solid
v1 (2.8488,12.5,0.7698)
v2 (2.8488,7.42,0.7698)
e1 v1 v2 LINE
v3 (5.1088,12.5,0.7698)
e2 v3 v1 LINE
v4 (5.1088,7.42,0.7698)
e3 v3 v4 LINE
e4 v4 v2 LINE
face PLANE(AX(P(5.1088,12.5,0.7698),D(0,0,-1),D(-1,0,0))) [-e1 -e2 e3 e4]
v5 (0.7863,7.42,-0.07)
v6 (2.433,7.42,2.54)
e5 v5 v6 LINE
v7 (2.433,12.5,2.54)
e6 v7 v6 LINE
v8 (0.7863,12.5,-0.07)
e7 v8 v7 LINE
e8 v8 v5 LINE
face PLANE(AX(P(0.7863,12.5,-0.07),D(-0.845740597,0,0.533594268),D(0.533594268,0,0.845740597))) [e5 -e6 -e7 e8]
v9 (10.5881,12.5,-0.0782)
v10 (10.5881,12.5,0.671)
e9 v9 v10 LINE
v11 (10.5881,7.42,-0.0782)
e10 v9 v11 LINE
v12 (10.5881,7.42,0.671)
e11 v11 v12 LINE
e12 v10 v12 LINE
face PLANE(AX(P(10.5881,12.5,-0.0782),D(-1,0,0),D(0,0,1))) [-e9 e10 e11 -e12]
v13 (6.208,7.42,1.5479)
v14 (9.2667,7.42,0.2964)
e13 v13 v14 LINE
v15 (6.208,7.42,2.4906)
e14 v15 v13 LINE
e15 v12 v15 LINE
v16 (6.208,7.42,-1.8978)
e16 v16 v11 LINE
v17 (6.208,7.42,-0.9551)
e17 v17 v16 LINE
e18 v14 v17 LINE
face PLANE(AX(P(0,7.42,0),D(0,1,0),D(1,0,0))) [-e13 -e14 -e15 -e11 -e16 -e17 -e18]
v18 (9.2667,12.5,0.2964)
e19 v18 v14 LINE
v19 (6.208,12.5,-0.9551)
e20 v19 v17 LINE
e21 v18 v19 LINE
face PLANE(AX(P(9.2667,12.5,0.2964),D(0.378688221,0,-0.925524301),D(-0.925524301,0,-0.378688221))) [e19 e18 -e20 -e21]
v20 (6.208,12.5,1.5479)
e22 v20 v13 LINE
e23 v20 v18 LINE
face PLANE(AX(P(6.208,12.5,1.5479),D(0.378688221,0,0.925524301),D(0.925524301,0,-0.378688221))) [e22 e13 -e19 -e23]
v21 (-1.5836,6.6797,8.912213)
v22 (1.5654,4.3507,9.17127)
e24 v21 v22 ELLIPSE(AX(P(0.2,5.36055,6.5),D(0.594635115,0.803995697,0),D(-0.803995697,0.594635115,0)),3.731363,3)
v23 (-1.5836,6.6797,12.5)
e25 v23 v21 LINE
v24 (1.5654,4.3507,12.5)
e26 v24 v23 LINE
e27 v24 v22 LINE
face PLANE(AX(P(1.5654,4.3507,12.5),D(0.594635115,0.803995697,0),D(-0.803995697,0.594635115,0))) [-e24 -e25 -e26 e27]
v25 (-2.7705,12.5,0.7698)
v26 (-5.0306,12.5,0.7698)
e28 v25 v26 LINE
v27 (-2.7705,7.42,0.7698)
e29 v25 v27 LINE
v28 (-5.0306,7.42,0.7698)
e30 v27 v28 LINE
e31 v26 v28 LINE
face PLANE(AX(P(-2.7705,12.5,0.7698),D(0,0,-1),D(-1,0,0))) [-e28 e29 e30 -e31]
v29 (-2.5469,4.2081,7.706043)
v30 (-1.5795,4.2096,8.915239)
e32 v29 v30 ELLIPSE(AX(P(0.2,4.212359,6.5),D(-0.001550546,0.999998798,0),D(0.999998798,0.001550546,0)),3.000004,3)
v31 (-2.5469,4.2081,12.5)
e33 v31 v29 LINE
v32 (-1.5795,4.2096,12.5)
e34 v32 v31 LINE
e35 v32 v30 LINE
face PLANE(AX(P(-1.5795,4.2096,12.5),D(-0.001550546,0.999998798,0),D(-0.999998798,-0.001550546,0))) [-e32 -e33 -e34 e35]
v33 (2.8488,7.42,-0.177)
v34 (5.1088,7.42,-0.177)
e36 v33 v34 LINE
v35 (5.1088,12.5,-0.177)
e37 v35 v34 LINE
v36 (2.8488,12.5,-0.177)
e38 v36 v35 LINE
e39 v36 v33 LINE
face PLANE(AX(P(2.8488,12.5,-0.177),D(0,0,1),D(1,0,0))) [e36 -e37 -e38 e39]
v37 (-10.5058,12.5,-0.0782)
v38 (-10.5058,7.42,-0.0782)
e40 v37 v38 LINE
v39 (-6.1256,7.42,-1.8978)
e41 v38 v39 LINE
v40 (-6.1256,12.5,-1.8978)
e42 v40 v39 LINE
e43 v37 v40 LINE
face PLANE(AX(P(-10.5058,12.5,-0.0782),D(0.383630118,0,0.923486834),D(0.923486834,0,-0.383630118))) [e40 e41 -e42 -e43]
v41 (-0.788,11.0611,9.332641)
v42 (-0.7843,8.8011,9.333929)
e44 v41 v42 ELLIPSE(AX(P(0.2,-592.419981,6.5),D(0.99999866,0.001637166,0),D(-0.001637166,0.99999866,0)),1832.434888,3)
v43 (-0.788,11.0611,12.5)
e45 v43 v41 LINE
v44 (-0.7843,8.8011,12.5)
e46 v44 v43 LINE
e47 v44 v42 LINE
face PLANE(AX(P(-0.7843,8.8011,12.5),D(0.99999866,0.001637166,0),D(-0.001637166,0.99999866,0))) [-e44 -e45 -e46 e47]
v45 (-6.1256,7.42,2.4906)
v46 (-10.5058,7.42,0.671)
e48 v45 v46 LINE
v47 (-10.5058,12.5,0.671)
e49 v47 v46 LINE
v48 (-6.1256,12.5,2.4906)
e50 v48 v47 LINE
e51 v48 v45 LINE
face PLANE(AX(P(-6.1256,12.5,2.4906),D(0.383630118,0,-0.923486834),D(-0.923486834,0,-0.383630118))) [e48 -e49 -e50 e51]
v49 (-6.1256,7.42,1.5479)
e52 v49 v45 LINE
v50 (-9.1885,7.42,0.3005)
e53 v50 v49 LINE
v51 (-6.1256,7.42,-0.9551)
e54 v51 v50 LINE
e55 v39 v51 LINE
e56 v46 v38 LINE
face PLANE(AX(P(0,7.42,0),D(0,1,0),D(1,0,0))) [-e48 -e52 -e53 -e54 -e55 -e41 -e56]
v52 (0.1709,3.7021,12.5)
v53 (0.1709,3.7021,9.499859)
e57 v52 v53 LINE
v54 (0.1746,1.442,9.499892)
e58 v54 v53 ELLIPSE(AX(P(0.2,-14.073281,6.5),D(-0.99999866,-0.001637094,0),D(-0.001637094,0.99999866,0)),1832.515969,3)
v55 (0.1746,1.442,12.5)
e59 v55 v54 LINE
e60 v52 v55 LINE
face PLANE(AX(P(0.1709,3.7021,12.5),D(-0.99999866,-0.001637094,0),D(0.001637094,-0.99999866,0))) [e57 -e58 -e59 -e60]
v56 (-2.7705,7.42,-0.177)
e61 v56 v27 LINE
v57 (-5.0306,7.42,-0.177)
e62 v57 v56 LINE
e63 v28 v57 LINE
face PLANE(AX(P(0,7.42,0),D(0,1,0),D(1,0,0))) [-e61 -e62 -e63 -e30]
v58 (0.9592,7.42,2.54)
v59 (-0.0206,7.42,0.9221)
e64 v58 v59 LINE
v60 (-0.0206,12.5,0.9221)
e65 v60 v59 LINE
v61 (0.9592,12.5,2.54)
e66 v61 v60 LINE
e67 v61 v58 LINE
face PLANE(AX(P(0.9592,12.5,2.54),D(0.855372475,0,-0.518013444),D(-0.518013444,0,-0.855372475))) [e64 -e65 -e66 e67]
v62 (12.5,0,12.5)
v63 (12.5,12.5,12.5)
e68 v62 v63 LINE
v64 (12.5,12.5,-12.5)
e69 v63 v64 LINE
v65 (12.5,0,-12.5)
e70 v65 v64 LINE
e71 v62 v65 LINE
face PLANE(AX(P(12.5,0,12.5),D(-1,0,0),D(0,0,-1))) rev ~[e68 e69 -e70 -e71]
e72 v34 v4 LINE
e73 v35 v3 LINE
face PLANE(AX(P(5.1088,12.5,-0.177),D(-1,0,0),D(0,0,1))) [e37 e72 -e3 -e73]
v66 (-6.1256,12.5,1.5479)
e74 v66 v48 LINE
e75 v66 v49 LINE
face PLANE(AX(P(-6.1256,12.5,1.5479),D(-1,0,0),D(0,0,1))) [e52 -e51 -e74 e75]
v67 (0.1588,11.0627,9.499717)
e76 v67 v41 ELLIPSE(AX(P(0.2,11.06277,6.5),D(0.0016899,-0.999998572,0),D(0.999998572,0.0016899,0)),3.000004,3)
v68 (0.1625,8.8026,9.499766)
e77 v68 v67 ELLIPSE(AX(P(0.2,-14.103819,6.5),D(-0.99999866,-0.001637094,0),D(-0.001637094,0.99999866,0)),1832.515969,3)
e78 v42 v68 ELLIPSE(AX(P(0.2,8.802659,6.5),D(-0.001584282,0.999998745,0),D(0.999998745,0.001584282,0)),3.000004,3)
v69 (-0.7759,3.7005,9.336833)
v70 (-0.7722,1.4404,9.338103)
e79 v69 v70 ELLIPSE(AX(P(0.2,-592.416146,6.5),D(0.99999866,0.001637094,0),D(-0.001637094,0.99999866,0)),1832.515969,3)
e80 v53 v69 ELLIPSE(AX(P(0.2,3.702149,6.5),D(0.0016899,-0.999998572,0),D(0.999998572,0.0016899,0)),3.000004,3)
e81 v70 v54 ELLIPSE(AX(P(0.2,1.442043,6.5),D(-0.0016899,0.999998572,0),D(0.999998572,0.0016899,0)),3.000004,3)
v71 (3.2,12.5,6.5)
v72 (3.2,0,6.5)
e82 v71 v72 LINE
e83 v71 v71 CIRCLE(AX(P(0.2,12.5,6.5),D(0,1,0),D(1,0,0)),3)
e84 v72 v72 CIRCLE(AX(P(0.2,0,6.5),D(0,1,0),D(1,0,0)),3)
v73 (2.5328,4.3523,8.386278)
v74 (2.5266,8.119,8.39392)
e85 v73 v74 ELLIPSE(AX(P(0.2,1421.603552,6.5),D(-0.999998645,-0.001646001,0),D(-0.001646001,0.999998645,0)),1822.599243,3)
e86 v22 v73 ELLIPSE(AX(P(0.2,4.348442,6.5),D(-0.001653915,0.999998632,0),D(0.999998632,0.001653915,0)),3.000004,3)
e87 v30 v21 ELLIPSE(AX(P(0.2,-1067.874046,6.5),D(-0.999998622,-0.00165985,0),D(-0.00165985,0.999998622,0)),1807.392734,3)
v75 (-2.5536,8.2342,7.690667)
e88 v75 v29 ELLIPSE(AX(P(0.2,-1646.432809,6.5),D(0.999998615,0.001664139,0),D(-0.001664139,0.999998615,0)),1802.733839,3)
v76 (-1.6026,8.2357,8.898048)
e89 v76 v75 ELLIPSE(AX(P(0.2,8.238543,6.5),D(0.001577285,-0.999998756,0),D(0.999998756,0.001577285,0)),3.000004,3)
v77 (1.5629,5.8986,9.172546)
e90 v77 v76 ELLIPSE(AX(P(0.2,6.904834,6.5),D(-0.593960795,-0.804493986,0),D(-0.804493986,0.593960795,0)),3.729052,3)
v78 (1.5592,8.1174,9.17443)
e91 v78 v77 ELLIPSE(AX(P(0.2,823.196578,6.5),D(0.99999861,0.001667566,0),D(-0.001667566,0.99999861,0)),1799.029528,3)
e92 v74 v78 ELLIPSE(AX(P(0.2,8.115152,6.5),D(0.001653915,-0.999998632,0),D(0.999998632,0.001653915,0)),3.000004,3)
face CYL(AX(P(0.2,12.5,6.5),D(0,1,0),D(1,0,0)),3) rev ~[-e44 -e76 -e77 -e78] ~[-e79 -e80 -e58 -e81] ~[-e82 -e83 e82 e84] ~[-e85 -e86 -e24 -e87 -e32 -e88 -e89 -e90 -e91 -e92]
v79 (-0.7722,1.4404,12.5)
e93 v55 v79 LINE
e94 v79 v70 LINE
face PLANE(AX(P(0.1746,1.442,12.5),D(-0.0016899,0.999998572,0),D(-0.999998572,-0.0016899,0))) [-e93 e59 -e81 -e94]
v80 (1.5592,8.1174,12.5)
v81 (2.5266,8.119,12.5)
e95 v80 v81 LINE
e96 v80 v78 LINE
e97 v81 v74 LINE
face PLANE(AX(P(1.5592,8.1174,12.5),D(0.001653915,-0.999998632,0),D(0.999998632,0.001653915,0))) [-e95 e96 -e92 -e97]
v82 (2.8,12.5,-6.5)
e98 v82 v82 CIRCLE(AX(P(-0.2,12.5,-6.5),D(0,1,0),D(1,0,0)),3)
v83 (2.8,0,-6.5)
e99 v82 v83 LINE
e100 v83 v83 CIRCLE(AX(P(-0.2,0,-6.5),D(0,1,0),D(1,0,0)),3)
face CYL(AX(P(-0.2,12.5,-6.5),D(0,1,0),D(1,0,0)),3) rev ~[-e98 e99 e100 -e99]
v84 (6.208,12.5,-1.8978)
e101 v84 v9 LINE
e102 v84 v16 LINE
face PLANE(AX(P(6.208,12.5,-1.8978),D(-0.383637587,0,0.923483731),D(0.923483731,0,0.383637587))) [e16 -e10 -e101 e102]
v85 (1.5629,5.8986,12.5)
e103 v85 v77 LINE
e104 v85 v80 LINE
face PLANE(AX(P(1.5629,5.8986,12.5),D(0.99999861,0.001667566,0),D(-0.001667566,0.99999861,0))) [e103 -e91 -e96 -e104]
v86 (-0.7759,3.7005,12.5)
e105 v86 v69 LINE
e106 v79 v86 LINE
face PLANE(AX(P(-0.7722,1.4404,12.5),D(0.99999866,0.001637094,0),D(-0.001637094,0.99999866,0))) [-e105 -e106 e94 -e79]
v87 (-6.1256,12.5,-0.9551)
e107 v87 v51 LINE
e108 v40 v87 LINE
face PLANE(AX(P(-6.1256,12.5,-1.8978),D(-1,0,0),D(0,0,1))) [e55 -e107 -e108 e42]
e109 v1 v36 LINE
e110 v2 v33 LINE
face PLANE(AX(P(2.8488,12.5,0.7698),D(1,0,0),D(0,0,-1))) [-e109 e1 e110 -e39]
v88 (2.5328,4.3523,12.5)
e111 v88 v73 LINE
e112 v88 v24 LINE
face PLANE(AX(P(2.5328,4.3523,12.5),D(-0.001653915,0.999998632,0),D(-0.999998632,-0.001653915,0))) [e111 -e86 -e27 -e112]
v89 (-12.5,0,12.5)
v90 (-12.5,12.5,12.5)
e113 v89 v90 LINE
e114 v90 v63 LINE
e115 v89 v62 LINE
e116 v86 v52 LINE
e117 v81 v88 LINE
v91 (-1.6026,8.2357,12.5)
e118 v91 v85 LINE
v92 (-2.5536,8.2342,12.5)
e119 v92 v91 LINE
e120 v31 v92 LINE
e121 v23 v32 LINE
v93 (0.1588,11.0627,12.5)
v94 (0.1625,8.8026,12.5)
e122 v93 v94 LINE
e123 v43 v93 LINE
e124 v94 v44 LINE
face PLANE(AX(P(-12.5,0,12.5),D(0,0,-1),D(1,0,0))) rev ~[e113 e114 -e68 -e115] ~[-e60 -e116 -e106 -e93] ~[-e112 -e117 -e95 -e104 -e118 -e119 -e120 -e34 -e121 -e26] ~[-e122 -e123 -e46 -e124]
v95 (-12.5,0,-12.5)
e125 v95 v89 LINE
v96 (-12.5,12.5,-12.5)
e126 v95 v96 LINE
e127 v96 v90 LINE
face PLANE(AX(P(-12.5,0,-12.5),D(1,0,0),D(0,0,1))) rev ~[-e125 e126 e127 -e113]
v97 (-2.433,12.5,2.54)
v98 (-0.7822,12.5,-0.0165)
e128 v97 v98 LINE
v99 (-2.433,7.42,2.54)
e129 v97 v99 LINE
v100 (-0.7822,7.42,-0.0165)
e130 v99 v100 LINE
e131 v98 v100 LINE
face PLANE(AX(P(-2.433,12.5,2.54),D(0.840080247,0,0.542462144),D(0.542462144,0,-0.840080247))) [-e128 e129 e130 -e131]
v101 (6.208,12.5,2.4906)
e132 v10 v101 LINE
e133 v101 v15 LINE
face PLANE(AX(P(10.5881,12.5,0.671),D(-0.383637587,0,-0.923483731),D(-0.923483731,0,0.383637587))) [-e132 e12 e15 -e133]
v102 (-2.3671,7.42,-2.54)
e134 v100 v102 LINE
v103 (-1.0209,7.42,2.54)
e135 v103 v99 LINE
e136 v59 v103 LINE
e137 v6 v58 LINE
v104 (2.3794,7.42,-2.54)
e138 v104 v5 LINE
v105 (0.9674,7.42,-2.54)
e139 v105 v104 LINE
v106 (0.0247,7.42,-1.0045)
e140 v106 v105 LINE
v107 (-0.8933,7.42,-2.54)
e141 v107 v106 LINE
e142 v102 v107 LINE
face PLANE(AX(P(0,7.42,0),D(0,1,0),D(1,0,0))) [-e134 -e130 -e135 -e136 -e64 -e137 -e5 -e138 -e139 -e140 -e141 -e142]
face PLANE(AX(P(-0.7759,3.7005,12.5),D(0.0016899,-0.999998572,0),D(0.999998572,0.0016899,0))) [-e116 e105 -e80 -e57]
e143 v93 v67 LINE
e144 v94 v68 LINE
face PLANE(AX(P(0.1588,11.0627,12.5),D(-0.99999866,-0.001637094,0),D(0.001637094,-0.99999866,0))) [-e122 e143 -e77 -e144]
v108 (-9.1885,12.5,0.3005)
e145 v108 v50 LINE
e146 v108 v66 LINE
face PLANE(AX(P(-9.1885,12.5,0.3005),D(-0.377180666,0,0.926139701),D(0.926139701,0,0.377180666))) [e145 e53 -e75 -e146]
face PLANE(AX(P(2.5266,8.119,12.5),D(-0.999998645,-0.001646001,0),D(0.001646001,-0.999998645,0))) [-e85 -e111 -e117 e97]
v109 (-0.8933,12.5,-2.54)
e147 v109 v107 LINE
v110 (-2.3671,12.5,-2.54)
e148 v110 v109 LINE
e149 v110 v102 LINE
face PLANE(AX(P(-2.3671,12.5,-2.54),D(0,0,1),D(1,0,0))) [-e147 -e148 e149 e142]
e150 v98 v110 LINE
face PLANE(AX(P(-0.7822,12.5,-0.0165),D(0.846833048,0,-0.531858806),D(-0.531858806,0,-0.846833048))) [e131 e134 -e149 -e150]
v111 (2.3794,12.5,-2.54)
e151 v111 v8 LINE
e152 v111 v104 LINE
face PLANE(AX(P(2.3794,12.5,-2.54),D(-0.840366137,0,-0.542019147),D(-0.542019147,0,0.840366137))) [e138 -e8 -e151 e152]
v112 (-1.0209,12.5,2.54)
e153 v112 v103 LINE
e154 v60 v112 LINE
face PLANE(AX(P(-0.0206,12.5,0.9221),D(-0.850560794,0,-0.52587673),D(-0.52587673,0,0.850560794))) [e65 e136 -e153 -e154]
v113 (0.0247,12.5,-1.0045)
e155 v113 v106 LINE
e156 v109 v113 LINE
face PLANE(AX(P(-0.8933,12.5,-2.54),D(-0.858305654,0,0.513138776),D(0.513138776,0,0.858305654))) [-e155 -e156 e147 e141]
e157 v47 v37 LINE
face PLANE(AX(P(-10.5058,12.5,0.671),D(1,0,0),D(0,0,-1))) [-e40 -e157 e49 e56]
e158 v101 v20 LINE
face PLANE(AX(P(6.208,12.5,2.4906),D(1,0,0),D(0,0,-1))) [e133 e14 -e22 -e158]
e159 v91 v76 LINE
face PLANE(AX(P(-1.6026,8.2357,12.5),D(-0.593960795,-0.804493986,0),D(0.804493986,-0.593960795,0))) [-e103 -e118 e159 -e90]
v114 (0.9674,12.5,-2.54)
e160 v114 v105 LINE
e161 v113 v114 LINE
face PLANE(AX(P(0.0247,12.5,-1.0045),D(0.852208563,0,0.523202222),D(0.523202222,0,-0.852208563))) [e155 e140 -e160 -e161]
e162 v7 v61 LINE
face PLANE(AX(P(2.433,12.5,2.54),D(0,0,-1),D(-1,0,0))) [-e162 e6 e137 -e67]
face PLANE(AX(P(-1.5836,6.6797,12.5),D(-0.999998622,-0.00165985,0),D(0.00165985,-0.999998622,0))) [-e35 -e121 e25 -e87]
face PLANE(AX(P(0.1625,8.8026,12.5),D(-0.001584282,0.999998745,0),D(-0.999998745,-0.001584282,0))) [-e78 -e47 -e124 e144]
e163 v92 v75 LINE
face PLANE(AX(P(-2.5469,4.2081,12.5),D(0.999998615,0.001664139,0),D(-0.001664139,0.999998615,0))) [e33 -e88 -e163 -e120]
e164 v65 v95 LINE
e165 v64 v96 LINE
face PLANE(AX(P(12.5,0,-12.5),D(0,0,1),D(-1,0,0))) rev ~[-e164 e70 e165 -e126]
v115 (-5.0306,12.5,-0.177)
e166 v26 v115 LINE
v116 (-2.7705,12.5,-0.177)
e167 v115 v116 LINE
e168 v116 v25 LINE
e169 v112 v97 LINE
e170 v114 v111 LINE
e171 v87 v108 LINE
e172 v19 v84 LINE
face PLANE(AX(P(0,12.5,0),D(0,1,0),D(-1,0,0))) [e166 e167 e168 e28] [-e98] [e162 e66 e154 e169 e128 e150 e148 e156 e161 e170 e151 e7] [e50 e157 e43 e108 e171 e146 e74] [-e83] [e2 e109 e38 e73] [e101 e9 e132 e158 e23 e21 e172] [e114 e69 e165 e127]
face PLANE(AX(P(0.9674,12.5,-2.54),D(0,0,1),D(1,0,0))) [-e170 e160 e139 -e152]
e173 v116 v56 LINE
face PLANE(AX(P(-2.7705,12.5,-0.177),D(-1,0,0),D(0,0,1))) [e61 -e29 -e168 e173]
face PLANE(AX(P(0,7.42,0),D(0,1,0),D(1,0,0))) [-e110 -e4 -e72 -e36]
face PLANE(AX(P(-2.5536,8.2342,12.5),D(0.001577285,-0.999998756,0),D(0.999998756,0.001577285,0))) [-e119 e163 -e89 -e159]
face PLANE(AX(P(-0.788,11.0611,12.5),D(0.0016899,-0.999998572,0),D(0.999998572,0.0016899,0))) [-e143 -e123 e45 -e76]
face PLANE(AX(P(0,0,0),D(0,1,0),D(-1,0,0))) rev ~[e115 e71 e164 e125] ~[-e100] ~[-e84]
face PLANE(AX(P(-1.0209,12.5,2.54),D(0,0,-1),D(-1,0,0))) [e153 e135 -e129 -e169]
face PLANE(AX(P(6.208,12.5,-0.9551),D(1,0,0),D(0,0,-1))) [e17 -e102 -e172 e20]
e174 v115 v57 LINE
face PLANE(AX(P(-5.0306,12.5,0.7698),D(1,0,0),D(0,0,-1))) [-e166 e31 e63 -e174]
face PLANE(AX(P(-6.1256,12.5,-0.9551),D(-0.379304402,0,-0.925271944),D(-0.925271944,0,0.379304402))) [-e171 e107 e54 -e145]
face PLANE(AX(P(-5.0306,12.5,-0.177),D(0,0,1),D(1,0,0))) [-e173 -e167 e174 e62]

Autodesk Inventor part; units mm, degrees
ref_plane "YZ Plane" through (0, 0, 0) normal (1, 0, 0) x (0, 1, 0)
ref_plane "XZ Plane" through (0, 0, 0) normal (0, 1, 0) x (-1, 0, 0)
ref_plane "XY Plane" through (0, 0, 0) normal (0, 0, 1) x (1, 0, 0)
sketch "Sketch1" plane through (0, 0, 0) normal (0, 1, 0) x (-1, 0, 0)
  line L0 (12.5, 12.5) -> (-12.5, 12.5)
  line L1 (-12.5, 12.5) -> (-12.5, -12.5)
  line L2 (-12.5, -12.5) -> (12.5, -12.5)
  line L3 (12.5, -12.5) -> (12.5, 12.5)
  line L4 (12.5, 12.5) -> (-12.5, -12.5) construction
  line L5 (-12.5, 12.5) -> (12.5, -12.5) construction
  point P0 (0, 0)
  dimension "d0" = 25
  dimension "d1" = 25
extrude "Extrusion1" add sketch "Sketch1" along normal blind 12.5
sketch "Sketch2" plane through (0, 12.5, 0) normal (0, 1, 0) x (1, 0, 0)
  line L0 (-12.5, 12.5) -> (-12.5, -12.5) construction
  line L1 (-12.5, 0) -> (12.5, 0) construction
  line L2 (12.5, -12.5) -> (12.5, 12.5) construction
  line L3 (-6.1256, -2.4906) -> (-10.5058, -0.671)
  line L4 (-10.5058, -0.671) -> (-10.5058, 0.0782)
  line L5 (-10.5058, 0.0782) -> (-6.1256, 1.8978)
  line L6 (-6.1256, 1.8978) -> (-6.1256, 0.9551)
  line L7 (-6.1256, 0.9551) -> (-9.1885, -0.3005)
  line L8 (-9.1885, -0.3005) -> (-6.1256, -1.5479)
  line L9 (-6.1256, -1.5479) -> (-6.1256, -2.4906)
  line L10 (-2.7705, -0.7698) -> (-5.0306, -0.7698)
  line L11 (-5.0306, -0.7698) -> (-5.0306, 0.177)
  line L12 (-5.0306, 0.177) -> (-2.7705, 0.177)
  line L13 (-2.7705, 0.177) -> (-2.7705, -0.7698)
  line L14 (2.433, -2.54) -> (0.9592, -2.54)
  line L15 (0.9592, -2.54) -> (-0.0206, -0.9221)
  line L16 (-0.0206, -0.9221) -> (-1.0209, -2.54)
  line L17 (-1.0209, -2.54) -> (-2.433, -2.54)
  line L18 (-2.433, -2.54) -> (-0.7822, 0.0165)
  line L19 (-0.7822, 0.0165) -> (-2.3671, 2.54)
  line L20 (-2.3671, 2.54) -> (-0.8933, 2.54)
  line L21 (-0.8933, 2.54) -> (0.0247, 1.0045)
  line L22 (0.0247, 1.0045) -> (0.9674, 2.54)
  line L23 (0.9674, 2.54) -> (2.3794, 2.54)
  line L24 (2.3794, 2.54) -> (0.7863, 0.07)
  line L25 (0.7863, 0.07) -> (2.433, -2.54)
  line L26 (5.1088, -0.7698) -> (2.8488, -0.7698)
  line L27 (2.8488, -0.7698) -> (2.8488, 0.177)
  line L28 (2.8488, 0.177) -> (5.1088, 0.177)
  line L29 (5.1088, 0.177) -> (5.1088, -0.7698)
  line L30 (10.5881, -0.671) -> (6.208, -2.4906)
  line L31 (6.208, -2.4906) -> (6.208, -1.5479)
  line L32 (6.208, -1.5479) -> (9.2667, -0.2964)
  line L33 (9.2667, -0.2964) -> (6.208, 0.9551)
  line L34 (6.208, 0.9551) -> (6.208, 1.8978)
  line L35 (6.208, 1.8978) -> (10.5881, 0.0782)
  line L36 (10.5881, 0.0782) -> (10.5881, -0.671)
  point P0 (0, 0)
extrude "Extrusion2" cut sketch "Sketch2" against normal blind 5.08
sketch "Sketch3" plane through (-12.5, 0, 12.5) normal (0, 0, 1) x (1, 0, 0)
  line L0 (12.4794, 12.5) -> (11.4791, 12.5) construction
  line L1 (12.5, 0) -> (12.4794, 12.5) construction
  line L2 (11.7157, 8.8011) -> (11.712, 11.0611)
  line L3 (11.712, 11.0611) -> (12.6588, 11.0627)
  line L4 (12.6588, 11.0627) -> (12.6625, 8.8026)
  line L5 (12.6625, 8.8026) -> (11.7157, 8.8011)
  line L6 (9.9531, 4.2081) -> (9.9464, 8.2342)
  line L7 (9.9464, 8.2342) -> (10.8974, 8.2357)
  line L8 (10.8974, 8.2357) -> (14.0629, 5.8986)
  line L9 (14.0629, 5.8986) -> (14.0592, 8.1174)
  line L10 (14.0592, 8.1174) -> (15.0266, 8.119)
  line L11 (15.0266, 8.119) -> (15.0328, 4.3523)
  line L12 (15.0328, 4.3523) -> (14.0654, 4.3507)
  line L13 (14.0654, 4.3507) -> (10.9164, 6.6797)
  line L14 (10.9164, 6.6797) -> (10.9205, 4.2096)
  line L15 (10.9205, 4.2096) -> (9.9531, 4.2081)
  line L16 (11.7278, 1.4404) -> (11.7241, 3.7005)
  line L17 (11.7241, 3.7005) -> (12.6709, 3.7021)
  line L18 (12.6709, 3.7021) -> (12.6746, 1.442)
  line L19 (12.6746, 1.442) -> (11.7278, 1.4404)
extrude "Extrusion3" cut sketch "Sketch3" against normal blind 5.08
sketch "Sketch11" plane through (0, 12.5, 0) normal (0, 1, 0) x (1, 0, 0)
  circle A0 centre (-0.2, 6.5) radius 3
  circle A1 centre (0.2, -6.5) radius 3
  line L0 (12.5, 12.5) -> (-12.5, 12.5) projected
  line L1 (-12.5, -12.5) -> (12.5, -12.5) projected
  point P0 (0, 0)
  dimension "d81" = 6
  dimension "d82" = 6
  dimension "d83" = 6
extrude "Extrusion4" cut sketch "Sketch11" against normal blind 25.4
equation "\"d46\" = 0.125 * Sketch7_Pitch"
equation "\"Sketch7_Pitch\" = 1.27"
equation "\"d48\" = 60deg"
equation "\"d67\" = 0.125 * Sketch9_Pitch"
equation "\"Sketch9_Pitch\" = 1.27"
equation "\"d69\" = 60deg"
equation "\"d99\" = 0.125 * Sketch12_Pitch"
equation "\"Sketch12_Pitch\" = 1.27"
equation "\"d101\" = 60deg"
equation "\"d120\" = 0.125 * Sketch14_Pitch"
equation "\"Sketch14_Pitch\" = 1.27"
equation "\"d122\" = 60deg"
equation "\"d143\" = 55deg"
equation "\"Sketch16_Pitch\" = 1.27"
equation "\"d161\" = 55deg"
equation "\"Sketch18_Pitch\" = 1.27"
properties part number "squareCalibrationBlock-25mm"
